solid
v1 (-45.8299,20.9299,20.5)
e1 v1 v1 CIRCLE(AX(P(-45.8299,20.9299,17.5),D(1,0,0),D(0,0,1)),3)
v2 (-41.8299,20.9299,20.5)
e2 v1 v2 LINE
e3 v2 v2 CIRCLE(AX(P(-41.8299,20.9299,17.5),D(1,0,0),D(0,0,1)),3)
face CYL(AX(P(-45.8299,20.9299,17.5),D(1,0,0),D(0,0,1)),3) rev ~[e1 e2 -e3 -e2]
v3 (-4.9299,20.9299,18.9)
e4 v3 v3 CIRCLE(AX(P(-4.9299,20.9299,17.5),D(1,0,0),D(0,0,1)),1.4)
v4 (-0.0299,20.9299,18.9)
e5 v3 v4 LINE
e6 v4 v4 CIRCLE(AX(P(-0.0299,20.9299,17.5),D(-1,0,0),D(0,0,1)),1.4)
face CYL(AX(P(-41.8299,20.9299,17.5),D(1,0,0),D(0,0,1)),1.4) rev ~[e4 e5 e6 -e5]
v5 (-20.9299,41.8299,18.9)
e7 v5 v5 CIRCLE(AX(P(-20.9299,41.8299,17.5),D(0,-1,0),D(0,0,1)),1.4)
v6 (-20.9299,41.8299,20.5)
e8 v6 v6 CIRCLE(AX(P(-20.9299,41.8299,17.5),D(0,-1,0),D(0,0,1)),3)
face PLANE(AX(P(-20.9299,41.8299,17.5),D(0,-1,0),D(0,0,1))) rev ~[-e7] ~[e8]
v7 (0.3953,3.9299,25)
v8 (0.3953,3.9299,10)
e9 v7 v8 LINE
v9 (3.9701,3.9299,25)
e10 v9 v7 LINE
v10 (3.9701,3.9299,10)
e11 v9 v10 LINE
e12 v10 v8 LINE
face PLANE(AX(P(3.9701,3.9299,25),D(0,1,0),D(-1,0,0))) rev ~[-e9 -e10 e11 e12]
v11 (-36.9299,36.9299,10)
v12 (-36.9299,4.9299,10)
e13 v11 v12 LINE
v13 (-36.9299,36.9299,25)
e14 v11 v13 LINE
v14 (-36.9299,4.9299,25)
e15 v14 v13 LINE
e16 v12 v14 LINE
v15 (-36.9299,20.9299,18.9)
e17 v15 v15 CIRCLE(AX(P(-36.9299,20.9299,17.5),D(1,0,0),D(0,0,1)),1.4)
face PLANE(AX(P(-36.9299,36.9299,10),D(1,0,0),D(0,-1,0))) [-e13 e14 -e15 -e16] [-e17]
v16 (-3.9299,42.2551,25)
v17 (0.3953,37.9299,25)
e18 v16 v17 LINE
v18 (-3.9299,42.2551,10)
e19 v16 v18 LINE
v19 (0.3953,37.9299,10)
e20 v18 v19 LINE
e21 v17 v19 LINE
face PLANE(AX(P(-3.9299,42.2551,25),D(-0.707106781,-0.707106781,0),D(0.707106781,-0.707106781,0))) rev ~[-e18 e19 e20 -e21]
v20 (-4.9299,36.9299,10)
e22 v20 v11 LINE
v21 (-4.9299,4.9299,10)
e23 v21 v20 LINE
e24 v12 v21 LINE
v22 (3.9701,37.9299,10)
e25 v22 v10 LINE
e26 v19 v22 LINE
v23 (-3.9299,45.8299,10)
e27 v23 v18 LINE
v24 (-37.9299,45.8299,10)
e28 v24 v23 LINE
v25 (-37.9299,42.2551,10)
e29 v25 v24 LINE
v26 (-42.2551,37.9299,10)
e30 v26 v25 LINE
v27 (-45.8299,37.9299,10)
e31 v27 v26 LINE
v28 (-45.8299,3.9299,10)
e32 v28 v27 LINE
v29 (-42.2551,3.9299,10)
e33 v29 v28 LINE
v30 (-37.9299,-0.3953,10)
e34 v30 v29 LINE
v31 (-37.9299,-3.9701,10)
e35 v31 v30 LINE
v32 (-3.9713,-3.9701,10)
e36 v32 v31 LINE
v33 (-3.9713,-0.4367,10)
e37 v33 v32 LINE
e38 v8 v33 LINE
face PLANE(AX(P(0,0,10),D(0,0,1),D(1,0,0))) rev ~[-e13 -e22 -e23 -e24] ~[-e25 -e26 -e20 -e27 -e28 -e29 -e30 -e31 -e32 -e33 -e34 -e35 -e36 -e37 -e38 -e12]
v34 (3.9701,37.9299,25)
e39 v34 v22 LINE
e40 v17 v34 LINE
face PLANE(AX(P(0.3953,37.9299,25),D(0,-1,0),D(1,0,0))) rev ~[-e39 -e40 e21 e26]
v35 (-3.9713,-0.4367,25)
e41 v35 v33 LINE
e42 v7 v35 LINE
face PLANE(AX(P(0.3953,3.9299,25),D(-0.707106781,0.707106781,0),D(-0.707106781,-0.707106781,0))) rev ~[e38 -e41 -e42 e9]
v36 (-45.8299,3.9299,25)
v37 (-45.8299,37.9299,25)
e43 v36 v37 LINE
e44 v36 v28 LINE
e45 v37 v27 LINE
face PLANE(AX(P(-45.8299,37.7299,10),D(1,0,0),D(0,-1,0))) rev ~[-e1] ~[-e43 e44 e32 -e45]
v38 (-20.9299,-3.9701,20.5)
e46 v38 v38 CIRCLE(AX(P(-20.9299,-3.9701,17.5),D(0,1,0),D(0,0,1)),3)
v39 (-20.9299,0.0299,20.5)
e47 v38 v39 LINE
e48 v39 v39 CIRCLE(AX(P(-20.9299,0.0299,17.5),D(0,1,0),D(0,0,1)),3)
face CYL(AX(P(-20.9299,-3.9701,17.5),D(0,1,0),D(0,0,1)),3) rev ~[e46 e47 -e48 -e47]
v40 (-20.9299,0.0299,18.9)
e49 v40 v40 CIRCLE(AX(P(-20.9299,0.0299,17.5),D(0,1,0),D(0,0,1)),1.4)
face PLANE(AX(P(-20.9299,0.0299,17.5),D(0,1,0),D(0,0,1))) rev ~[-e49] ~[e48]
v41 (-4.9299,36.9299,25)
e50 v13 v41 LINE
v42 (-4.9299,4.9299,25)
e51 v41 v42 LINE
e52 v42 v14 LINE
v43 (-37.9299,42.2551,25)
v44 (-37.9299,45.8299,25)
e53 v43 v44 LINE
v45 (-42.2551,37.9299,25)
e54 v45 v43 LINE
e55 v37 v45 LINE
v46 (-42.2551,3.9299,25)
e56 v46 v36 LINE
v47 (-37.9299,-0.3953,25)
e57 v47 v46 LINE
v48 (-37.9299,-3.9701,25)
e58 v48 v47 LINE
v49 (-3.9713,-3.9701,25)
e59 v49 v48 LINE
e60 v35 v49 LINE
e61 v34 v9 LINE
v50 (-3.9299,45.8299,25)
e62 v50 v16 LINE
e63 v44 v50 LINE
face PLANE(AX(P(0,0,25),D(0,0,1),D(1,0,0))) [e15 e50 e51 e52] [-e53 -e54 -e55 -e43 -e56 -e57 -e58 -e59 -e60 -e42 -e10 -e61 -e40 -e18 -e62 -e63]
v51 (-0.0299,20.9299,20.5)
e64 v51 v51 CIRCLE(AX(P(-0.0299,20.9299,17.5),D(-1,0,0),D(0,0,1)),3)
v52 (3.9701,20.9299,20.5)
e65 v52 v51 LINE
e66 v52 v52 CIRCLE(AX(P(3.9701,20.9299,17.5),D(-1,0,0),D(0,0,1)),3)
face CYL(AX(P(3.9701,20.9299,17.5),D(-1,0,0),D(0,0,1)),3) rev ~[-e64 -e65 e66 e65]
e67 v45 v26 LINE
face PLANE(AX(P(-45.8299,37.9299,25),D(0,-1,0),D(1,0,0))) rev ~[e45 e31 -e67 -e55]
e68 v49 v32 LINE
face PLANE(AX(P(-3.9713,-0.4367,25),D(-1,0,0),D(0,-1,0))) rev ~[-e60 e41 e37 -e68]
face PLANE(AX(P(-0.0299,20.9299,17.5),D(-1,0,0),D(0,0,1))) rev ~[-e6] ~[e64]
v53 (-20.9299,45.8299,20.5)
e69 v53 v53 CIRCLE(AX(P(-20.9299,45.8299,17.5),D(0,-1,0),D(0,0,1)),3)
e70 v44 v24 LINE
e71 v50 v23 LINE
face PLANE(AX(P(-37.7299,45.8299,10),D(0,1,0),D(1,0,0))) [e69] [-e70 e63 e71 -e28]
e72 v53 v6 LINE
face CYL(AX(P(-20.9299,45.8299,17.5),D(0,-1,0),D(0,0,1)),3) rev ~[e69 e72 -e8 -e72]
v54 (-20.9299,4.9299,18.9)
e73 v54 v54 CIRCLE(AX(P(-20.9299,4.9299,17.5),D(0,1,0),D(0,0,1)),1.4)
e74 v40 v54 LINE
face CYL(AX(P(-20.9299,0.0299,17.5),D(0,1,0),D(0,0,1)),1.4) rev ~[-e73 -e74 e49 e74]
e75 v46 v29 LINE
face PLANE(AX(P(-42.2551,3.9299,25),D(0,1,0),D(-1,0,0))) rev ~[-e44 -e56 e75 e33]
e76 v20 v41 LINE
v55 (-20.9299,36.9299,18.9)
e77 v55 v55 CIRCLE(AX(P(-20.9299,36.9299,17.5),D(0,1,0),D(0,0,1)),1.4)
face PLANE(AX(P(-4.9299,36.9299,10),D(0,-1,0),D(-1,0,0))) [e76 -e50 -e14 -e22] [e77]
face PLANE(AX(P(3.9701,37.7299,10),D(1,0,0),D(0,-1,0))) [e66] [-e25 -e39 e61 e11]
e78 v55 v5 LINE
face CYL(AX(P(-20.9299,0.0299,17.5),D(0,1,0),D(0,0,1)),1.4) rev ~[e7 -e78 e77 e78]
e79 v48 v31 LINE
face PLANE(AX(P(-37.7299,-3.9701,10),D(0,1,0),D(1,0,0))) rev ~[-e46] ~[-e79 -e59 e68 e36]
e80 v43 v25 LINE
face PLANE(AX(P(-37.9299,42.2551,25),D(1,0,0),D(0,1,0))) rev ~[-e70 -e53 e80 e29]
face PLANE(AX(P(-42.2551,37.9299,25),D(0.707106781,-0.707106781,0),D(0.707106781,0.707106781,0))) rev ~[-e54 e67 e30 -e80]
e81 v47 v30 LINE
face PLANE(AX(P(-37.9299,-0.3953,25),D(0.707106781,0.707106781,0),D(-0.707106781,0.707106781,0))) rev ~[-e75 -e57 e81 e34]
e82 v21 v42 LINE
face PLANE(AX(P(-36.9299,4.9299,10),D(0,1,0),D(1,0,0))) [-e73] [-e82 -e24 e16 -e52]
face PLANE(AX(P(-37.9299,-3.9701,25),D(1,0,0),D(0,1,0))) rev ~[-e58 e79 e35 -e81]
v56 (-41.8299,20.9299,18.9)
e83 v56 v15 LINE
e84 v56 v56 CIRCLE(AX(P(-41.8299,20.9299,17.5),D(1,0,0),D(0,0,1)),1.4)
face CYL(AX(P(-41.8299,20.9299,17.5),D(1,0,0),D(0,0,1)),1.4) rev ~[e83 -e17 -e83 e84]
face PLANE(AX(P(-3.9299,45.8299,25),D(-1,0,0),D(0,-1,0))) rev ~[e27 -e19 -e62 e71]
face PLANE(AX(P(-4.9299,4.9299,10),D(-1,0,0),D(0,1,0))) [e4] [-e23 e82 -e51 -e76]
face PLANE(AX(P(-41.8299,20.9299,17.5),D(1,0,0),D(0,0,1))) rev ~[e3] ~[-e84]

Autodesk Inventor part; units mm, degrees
ref_plane "YZ Plane" through (0, 0, 0) normal (1, 0, 0) x (0, 1, 0)
ref_plane "XZ Plane" through (0, 0, 0) normal (0, 1, 0) x (-1, 0, 0)
ref_plane "XY Plane" through (0, 0, 0) normal (0, 0, 1) x (1, 0, 0)
ref_plane "Work Plane5" through (0, 0, 10) normal (0, 0, 1) x (1, 0, 0)
sketch "Sketch1" plane through (0, 0, 10) normal (0, 0, 1) x (1, 0, 0)
  line L0 (-4.0299, -0.3538) -> (-2.2322, 1.4439) construction
  arc A0 (-1.4439, 2.2322) -> (-2.2322, 1.4439) centre (-0.9299, 0.9299) ccw construction
  line L1 (-1.4439, 2.2322) -> (0.3538, 4.0299) construction
  line L2 (-37.8299, 42.8299) -> (-37.8299, 37.8299) construction
  line L3 (-37.8299, 37.8299) -> (-42.9208, 37.8299) construction
  line L4 (-37.8299, 42.2137) -> (-37.8299, 45.8299) construction
  line L5 (-37.8299, 45.8299) -> (-4.0299, 45.8299) construction
  line L6 (-4.0299, 45.8299) -> (-4.0299, 42.2137) construction
  line L7 (-4.0299, 4.0299) -> (0.3538, 4.0299) projected
  circle A1 centre (-20.9299, 20.9299) radius 17.5 projected
  line L8 (-20.9299, 58.9723) -> (17.1124, 20.9299) construction
  line L9 (17.1124, 20.9299) -> (-20.9299, -17.1124) construction
  line L10 (-20.9299, -17.1124) -> (-58.9723, 20.9299) construction
  line L11 (-58.9723, 20.9299) -> (-20.9299, 58.9723) construction
  line L12 (-20.9299, 58.9723) -> (-20.9299, -17.1124) construction
  line L13 (17.1124, 20.9299) -> (-58.9723, 20.9299) construction
  line L14 (-20.9299, 58.9723) -> (32.8701, 58.9723) construction
  line L15 (-43.4299, 43.4299) -> (1.5701, 43.4299) construction
  line L16 (1.5701, 43.4299) -> (1.5701, -1.5701) construction
  line L17 (1.5701, -1.5701) -> (-43.4299, -1.5701) construction
  line L18 (-43.4299, -1.5701) -> (-43.4299, 43.4299) construction
  line L19 (-43.4299, 43.4299) -> (1.5701, -1.5701) construction
  line L20 (1.5701, 43.4299) -> (-43.4299, -1.5701) construction
  line L21 (-43.4299, 5.3876) -> (-43.4299, 36.4723)
  line L22 (-43.4299, 36.4723) -> (-36.4723, 43.4299)
  line L23 (-36.4723, 43.4299) -> (-5.3876, 43.4299)
  line L24 (-5.3876, 43.4299) -> (1.5701, 36.4723)
  line L25 (1.5701, 36.4723) -> (1.5701, 5.3876)
  line L26 (1.5701, 5.3876) -> (-5.3876, -1.5701)
  line L27 (-5.3876, -1.5701) -> (-36.4723, -1.5701)
  line L28 (-36.4723, -1.5701) -> (-43.4299, 5.3876)
  line L29 (-4.0299, 42.2137) -> (-37.8299, 42.2137) projected
  line L30 (-4.0299, -0.3538) -> (-4.0299, 4.0299) projected
  circle A2 centre (-20.9299, 20.9299) radius 1.5
  line L31 (-10.9299, 10.9299) -> (-30.9299, 10.9299) construction
  line L32 (-30.9299, 10.9299) -> (-30.9299, 30.9299) construction
  line L33 (-30.9299, 30.9299) -> (-10.9299, 30.9299) construction
  line L34 (-10.9299, 30.9299) -> (-10.9299, 10.9299) construction
  line L35 (-10.9299, 10.9299) -> (-30.9299, 30.9299) construction
  line L36 (-30.9299, 10.9299) -> (-10.9299, 30.9299) construction
  circle A3 centre (-30.9299, 30.9299) radius 1.4
  circle A4 centre (-30.9299, 10.9299) radius 1.4
  circle A5 centre (-10.9299, 10.9299) radius 1.4
  line L37 (-45.8299, 37.8299) -> (-42.0723, 37.8299) construction
  line L38 (-42.1723, 37.7299) -> (-45.8299, 37.7299)
  line L39 (-45.8299, 37.7299) -> (-45.8299, 4.1299)
  line L40 (-45.8299, 4.1299) -> (-42.1723, 4.1299)
  line L41 (-42.1723, 4.1299) -> (-42.1723, 37.7299)
  line L42 (-45.8299, 4.0299) -> (-42.0723, 4.0299) construction
  line L43 (-45.8299, 37.8299) -> (-42.0723, 37.8299) projected
  line L44 (-37.7299, 45.8299) -> (-4.1299, 45.8299)
  line L45 (-4.1299, 45.8299) -> (-4.1299, 42.1723)
  line L46 (-4.1299, 42.1723) -> (-37.7299, 42.1723)
  line L47 (-37.7299, 42.1723) -> (-37.7299, 45.8299)
  line L48 (0.4701, 37.8299) -> (0.4701, 4.0299) construction
  line L49 (0.4701, 4.0299) -> (3.9701, 4.0299) construction
  line L50 (3.9701, 37.8299) -> (3.9701, 4.0299) construction
  line L51 (0.4701, 37.8299) -> (3.9701, 37.8299) construction
  line L52 (-45.8299, -3.9701) -> (-4.0299, -3.9701) construction
  line L53 (0.3124, 37.7299) -> (3.9701, 37.7299)
  line L54 (3.9701, 37.7299) -> (3.9701, 4.1299)
  line L55 (3.9701, 4.1299) -> (0.3124, 4.1299)
  line L56 (0.3124, 4.1299) -> (0.3124, 37.7299)
  line L57 (-4.1713, -0.3538) -> (-37.7299, -0.3538)
  line L58 (-37.7299, -0.3538) -> (-37.7299, -3.9701)
  line L59 (-37.7299, -3.9701) -> (-4.1713, -3.9701)
  line L60 (-4.1713, -3.9701) -> (-4.1713, -0.3538)
  point P0 (-37.8299, 4.0299)
  dimension "d18" = 53.8
  dimension "d19" = 45
  dimension "d20" = 53.8
  dimension "d21" = 45
  dimension "d22" = 45
  dimension "d30" = 20
  dimension "d31" = 20
  dimension "d32" = 2.8
  dimension "d33" = 2.8
  dimension "d34" = 2.8
  dimension "d35" = 3
  dimension "d36" = 0.1
  dimension "d37" = 0.1
  dimension "d38" = 0.1
  dimension "d39" = 0.1
extrude "Extrusion1" add sketch "Sketch1" along normal blind 15 contours L30 L26 L57 L28 L41 L22 L46 L24 L56 L7 | L7 L26 L30 | L56 L24 L25 L26 | L26 L25 L24 L53 L54 L55 | L60 L59 L58 L57 L28 L27 L26 | L26 L27 L28 L57 | L46 L22 L29 L24 | L24 L29 L45 | L40 L39 L38 L22 L21 L28 | L28 L21 L22 L41 | L29 L22 L23 L24 | L24 L23 L22 L29 L47 L44 L45 | L47 L29 L22 | A1 | A2 | A3 | A4 | A5
sketch "Skizze4" plane through (0, 0, 25) normal (0, 0, 1) x (1, 0, 0)
  line L0 (-37.7299, 42.1723) -> (-42.1723, 37.7299) projected
  line L1 (-42.1723, 37.7299) -> (-45.8299, 37.7299) projected
  line L2 (-45.8299, 37.7299) -> (-45.8299, 4.1299) construction
  line L3 (-45.8299, 4.1299) -> (-42.1723, 4.1299) projected
  line L4 (-42.1723, 4.1299) -> (-37.6885, -0.3538) projected
  line L5 (-37.6885, -0.3538) -> (-37.7299, -0.3538) projected
  line L6 (-37.7299, -0.3538) -> (-37.7299, -3.9701) projected
  line L7 (-37.7299, -3.9701) -> (-4.1713, -3.9701) construction
  line L8 (-4.1713, -3.9701) -> (-4.1713, -0.3538) projected
  line L9 (-4.1713, -0.3538) -> (0.3124, 4.1299) projected
  line L10 (0.3124, 4.1299) -> (3.9701, 4.1299) projected
  line L11 (3.9701, 4.1299) -> (3.9701, 37.7299) construction
  line L12 (3.9701, 37.7299) -> (0.3124, 37.7299) projected
  line L13 (0.3124, 37.7299) -> (-4.1299, 42.1723) projected
  line L14 (-4.1299, 42.1723) -> (-4.1299, 45.8299) projected
  line L15 (-4.1299, 45.8299) -> (-37.7299, 45.8299) construction
  line L16 (-37.7299, 45.8299) -> (-37.7299, 42.1723) projected
  line L17 (-37.9299, 46.0299) -> (-3.9299, 46.0299) construction
  line L18 (-3.9299, 46.0299) -> (-3.9299, 42.2551)
  line L19 (-3.9299, 42.2551) -> (0.3953, 37.9299)
  line L20 (0.3953, 37.9299) -> (4.1701, 37.9299)
  line L21 (4.1701, 37.9299) -> (4.1701, 3.9299) construction
  line L22 (4.1701, 3.9299) -> (0.3953, 3.9299)
  line L23 (0.3953, 3.9299) -> (-3.9713, -0.4367)
  line L24 (-3.9713, -0.4367) -> (-3.9713, -4.1701)
  line L25 (-3.9713, -4.1701) -> (-37.9299, -4.1701) construction
  line L26 (-37.9299, -4.1701) -> (-37.9299, -0.3953)
  line L27 (-37.9299, -0.3953) -> (-42.2551, 3.9299)
  line L28 (-42.2551, 3.9299) -> (-46.0299, 3.9299)
  line L29 (-46.0299, 3.9299) -> (-46.0299, 37.9299) construction
  line L30 (-46.0299, 37.9299) -> (-42.2551, 37.9299)
  line L31 (-42.2551, 37.9299) -> (-37.9299, 42.2551)
  line L32 (-37.9299, 42.2551) -> (-37.9299, 46.0299)
  line L33 (-45.8299, 37.7299) -> (-45.8299, 37.9299)
  line L34 (-4.1299, 45.8299) -> (-37.7299, 45.8299) projected
  line L35 (-37.7299, 45.8299) -> (-37.9299, 45.8299)
  line L36 (-4.1299, 45.8299) -> (-3.9299, 45.8299)
  line L37 (3.9701, 37.7299) -> (3.9701, 37.9299)
  line L38 (3.9701, 4.1299) -> (3.9701, 37.7299) projected
  line L39 (3.9701, 4.1299) -> (3.9701, 3.9299)
  line L40 (-4.1713, -3.9701) -> (-3.9713, -3.9701)
  line L41 (-37.7299, -3.9701) -> (-37.9299, -3.9701)
  line L42 (-45.8299, 4.1299) -> (-45.8299, 3.9299)
  point P0 (0, 0)
  dimension "d40" = 0.2
extrude "IM_offset" add sketch "Skizze4" against normal up to surface (15 mm away)
sketch "Sketch29" plane through (0, 0, 10) normal (0, 0, -1) x (-1, 0, 0)
  arc A0 (6.7299, 9.4299) -> (9.4299, 6.7299) centre (9.4299, 9.4299) ccw
  line L0 (9.4299, 6.7299) -> (32.4299, 6.7299)
  arc A1 (32.4299, 6.7299) -> (35.1299, 9.4299) centre (32.4299, 9.4299) ccw
  line L1 (35.1299, 9.4299) -> (35.1299, 32.4299)
  arc A2 (35.1299, 32.4299) -> (32.4299, 35.1299) centre (32.4299, 32.4299) ccw
  line L2 (32.4299, 35.1299) -> (9.4299, 35.1299)
  arc A3 (9.4299, 35.1299) -> (6.7299, 32.4299) centre (9.4299, 32.4299) ccw
  line L3 (6.7299, 32.4299) -> (6.7299, 9.4299)
  line L4 (36.9299, 4.9299) -> (4.9299, 4.9299)
  line L5 (4.9299, 4.9299) -> (4.9299, 36.9299)
  line L6 (4.9299, 36.9299) -> (36.9299, 36.9299)
  line L7 (36.9299, 36.9299) -> (36.9299, 4.9299)
  line L8 (36.9299, 4.9299) -> (4.9299, 36.9299) construction
  line L9 (4.9299, 4.9299) -> (36.9299, 36.9299) construction
  point P0 (0, 0)
  point P1 (20.9299, 20.9299)
  dimension "d187" = 32
  dimension "d188" = 32
extrude "Extrusion23" cut sketch "Sketch29" against normal through all contours L3 A3 L2 A2 L1 A1 L0 A0 | L4 L5 L6 L7
sketch "Sketch30" plane through (-45.8299, 0, 10) normal (-1, 0, 0) x (0, 0, 1)
  line L0 (35.0799, 45.8299) -> (6.8799, 45.8299)
  line L1 (0, 3.9299) -> (0, 37.9299) projected
  line L2 (15, 3.9299) -> (0, 3.9299) projected
  line L3 (15, 37.9299) -> (15, 3.9299) projected
  line L4 (15, 37.9299) -> (0, 37.9299) projected
  circle A0 centre (7.5, 20.9299) radius 1.7201
  point P0 (-10, 0)
ref_plane "Arbeitsebene7" through (-20.9299, 3.9299, 10) normal (-1, 0, 0) x (0, 0, 1)
ref_plane "Arbeitsebene8" through (-37.9299, 20.9299, 10) normal (0, 1, 0) x (1, 0, 0)
ref_plane "Arbeitsebene9" through (-20.9299, 3.9299, 10) normal (-1, 0, 0) x (0, 0, 1)
ref_plane "Arbeitsebene10" through (-37.9299, 20.9299, 10) normal (0, -1, 0) x (1, 0, 0)
hole "Bohrung2" at (-45.8299, 20.9299, 17.5) direction (1, 0, 0) diameter 2.8 end through all counterbore diameter 6 counterbore depth 4
pattern_circular "Runde Anordnung2" count 4 over 360 about axis through (-20.9299, 20.9299, 10) along (0, 0, 1) of "Bohrung2"
ref_plane "Arbeitsebene11" through (-20.9299, 3.9299, 10) normal (1, 0, 0) x (0, 0, -1)
ref_plane "Arbeitsebene12" through (-37.9299, 20.9299, 10) normal (0, 1, 0) x (1, 0, 0)
properties part number "30_Cube_Z_Focus_MGN_NEMA_Motorsupport_centered"
